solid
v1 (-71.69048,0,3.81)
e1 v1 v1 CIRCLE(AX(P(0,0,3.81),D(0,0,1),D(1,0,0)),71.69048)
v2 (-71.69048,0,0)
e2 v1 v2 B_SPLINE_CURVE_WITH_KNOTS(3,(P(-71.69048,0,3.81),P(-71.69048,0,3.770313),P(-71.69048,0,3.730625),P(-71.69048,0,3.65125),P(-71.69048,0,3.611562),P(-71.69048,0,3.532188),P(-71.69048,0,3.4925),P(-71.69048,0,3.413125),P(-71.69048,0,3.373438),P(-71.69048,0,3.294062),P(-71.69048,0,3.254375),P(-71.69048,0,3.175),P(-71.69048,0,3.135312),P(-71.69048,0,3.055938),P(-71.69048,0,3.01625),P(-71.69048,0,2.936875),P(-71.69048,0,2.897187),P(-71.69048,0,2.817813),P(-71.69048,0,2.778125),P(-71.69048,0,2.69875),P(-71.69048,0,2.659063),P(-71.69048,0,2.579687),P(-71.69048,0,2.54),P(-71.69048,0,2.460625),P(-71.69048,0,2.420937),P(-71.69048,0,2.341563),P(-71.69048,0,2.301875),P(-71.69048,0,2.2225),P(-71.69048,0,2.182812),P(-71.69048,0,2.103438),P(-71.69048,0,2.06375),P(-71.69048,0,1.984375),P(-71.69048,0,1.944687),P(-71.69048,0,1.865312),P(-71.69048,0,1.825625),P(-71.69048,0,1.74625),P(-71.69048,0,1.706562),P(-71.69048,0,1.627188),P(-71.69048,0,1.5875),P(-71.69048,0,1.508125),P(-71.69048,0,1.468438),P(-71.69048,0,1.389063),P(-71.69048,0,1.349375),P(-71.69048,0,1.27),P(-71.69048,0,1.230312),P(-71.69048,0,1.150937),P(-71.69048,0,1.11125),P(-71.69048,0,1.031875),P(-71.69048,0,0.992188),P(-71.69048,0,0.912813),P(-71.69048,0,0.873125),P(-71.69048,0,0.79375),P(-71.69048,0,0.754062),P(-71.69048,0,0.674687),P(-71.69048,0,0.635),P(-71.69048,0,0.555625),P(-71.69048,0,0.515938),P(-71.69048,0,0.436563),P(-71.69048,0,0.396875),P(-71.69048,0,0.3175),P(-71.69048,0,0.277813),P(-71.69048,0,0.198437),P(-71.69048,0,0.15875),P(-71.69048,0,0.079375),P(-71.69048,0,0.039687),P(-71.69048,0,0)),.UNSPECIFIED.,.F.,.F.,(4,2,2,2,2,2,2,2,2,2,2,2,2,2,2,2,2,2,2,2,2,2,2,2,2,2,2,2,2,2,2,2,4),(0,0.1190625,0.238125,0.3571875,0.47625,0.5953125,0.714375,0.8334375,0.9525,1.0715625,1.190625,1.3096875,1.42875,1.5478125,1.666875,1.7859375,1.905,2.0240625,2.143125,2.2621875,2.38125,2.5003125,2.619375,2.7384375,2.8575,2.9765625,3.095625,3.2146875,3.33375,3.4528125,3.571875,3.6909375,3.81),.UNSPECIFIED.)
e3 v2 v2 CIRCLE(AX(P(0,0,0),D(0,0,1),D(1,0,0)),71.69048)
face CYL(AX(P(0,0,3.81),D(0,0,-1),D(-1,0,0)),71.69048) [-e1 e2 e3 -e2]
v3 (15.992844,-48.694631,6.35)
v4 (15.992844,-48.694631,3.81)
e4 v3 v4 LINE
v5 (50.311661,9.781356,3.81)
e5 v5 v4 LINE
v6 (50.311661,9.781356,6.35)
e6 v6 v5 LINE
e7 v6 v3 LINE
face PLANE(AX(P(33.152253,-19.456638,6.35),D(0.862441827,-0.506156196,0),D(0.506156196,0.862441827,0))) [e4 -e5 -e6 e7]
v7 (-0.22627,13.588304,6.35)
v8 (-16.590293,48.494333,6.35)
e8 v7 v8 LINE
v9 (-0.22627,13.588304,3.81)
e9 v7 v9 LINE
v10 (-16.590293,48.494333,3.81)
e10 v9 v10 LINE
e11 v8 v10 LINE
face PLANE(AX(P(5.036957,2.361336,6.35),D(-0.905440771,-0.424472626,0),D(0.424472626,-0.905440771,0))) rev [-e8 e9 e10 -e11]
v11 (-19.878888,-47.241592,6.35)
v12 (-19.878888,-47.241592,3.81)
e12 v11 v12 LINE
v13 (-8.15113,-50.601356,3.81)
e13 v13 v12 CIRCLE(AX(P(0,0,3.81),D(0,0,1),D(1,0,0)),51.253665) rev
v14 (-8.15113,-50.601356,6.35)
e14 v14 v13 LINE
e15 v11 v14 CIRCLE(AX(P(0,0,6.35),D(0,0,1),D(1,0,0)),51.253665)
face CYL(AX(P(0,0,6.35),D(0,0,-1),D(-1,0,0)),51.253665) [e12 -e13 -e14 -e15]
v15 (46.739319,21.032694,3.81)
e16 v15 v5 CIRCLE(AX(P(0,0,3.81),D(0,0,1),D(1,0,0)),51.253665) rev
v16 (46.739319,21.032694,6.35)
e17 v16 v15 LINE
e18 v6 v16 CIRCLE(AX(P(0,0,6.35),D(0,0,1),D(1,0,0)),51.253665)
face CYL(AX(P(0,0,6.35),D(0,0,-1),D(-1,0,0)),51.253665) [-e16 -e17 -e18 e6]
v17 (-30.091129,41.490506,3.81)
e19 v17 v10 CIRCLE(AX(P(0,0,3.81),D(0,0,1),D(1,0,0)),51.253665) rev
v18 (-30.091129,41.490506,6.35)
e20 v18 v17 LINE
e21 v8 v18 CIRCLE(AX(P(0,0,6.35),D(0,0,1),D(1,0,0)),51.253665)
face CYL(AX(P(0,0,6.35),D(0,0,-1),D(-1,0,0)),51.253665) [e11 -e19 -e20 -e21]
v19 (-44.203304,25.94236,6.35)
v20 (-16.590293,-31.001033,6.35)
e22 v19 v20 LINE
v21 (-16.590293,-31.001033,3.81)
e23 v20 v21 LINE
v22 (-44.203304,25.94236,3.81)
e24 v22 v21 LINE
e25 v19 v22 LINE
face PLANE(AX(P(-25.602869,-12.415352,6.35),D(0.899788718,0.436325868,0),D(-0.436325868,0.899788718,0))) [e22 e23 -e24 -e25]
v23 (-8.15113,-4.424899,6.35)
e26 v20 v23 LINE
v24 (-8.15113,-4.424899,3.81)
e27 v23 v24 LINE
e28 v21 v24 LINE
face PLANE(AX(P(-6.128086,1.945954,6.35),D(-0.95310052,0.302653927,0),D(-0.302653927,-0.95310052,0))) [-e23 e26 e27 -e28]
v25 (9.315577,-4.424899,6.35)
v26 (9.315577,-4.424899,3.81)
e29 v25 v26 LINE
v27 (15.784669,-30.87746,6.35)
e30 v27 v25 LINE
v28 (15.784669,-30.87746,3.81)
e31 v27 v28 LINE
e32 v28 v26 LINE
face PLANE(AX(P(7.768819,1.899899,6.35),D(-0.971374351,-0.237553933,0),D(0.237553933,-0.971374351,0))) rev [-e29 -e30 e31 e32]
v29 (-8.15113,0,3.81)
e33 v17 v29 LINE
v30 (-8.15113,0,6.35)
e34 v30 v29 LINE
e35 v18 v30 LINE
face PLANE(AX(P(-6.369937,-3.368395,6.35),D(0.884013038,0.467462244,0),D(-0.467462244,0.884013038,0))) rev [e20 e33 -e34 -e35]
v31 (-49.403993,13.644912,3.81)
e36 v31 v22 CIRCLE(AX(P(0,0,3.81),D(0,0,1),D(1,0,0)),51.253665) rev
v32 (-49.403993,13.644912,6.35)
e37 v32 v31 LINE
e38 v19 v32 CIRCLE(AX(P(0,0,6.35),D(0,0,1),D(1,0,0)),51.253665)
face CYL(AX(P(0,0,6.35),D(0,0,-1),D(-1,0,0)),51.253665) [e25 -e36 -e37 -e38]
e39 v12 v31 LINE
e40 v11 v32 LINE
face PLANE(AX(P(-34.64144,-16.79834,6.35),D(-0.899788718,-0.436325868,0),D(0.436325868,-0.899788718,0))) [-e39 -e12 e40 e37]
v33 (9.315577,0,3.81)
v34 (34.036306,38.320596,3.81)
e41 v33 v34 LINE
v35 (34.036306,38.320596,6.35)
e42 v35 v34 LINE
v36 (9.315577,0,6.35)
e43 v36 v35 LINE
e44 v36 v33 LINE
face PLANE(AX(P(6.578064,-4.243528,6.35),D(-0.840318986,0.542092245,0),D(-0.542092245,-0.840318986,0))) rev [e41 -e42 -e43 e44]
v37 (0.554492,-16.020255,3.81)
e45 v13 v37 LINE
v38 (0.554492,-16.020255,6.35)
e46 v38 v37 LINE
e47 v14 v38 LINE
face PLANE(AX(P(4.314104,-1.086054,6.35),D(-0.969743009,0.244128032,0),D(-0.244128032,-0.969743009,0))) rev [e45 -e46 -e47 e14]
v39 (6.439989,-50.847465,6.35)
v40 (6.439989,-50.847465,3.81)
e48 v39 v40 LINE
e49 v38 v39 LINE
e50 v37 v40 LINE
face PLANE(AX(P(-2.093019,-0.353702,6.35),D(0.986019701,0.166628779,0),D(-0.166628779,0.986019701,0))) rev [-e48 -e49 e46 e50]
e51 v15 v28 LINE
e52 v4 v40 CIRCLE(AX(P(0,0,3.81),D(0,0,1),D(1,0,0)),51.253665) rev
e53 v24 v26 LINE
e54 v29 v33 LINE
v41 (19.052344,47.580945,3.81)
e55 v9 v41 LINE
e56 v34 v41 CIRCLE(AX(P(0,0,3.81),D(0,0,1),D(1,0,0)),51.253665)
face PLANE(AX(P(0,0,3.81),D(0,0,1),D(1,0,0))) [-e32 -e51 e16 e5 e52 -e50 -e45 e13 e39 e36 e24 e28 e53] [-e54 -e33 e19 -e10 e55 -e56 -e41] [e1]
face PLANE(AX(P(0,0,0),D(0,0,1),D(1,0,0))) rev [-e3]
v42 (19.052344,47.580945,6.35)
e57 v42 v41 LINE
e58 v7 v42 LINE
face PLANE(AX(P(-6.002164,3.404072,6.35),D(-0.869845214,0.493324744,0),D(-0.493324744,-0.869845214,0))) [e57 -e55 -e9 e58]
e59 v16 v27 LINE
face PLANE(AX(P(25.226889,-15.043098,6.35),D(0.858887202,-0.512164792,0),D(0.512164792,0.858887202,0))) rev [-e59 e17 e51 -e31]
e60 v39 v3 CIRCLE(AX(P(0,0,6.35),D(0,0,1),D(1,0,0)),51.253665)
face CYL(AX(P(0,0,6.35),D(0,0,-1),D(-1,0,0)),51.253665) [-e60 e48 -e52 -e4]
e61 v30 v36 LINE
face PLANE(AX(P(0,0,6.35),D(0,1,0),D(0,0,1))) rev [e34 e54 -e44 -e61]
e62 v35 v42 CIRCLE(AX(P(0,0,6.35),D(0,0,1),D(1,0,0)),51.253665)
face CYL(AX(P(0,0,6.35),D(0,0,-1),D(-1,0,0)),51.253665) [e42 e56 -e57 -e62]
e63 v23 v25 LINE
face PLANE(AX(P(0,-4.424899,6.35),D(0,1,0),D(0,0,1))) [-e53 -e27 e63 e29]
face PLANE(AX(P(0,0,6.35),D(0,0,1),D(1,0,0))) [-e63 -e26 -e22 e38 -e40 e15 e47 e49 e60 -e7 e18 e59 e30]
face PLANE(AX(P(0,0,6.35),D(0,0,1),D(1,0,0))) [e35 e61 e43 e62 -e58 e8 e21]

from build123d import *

# Parameters (mm, degrees)
SKETCH1_R            = 58.990480392
BOSS_EXTRUDE4_DEPTH  = 3.81
BOSS_EXTRUDE8_DEPTH  = 6.35
BOSS_EXTRUDE11_DEPTH = 6.35
BOSS_EXTRUDE12_DEPTH = 1.27
BOSS_EXTRUDE13_DEPTH = 3.81
SKETCH1_10_R         = 71.690480392
BOSS_EXTRUDE14_DEPTH = 3.81


with BuildPart() as part:
    # Sketch1 → Boss-Extrude4 (new body)
    with BuildSketch(Plane.XY):
        Circle(SKETCH1_R)
        with BuildLine():
            ThreePointArc((-44.203304283, 25.942359996), (-37.95196843, 34.446861163), (-30.091128704, 41.490506444))
            ThreePointArc((-30.091128704, 41.490506444), (-23.601953109, 45.495999397), (-16.590293497, 48.494332797))
            ThreePointArc((-16.590293497, 48.494332797), (1.313009125, 51.236843763), (19.052344379, 47.580944982))
            ThreePointArc((19.052344379, 47.580944982), (26.945123943, 43.599294116), (34.03630553, 38.320595736))
            ThreePointArc((34.03630553, 38.320595736), (41.302460875, 30.348721182), (46.739319117, 21.032693603))
            ThreePointArc((46.739319117, 21.032693603), (48.850499882, 15.510216406), (50.311661027, 9.781355549))
            ThreePointArc((50.311661027, 9.781355549), (51.017620288, 4.913305593), (51.253664764, 0))
            ThreePointArc((51.253664764, 0), (41.512829585, -30.060324875), (15.99284446, -48.694630893))
            ThreePointArc((15.99284446, -48.694630893), (11.267949041, -49.99971476), (6.439988792, -50.847464992))
            ThreePointArc((6.439988792, -50.847464992), (-0.864374418, -51.246375565), (-8.151129624, -50.601356084))
            ThreePointArc((-8.151129624, -50.601356084), (-14.115327494, -49.271651905), (-19.878887571, -47.24159164))
            ThreePointArc((-19.878887571, -47.24159164), (-46.117469302, -22.363299776), (-49.403992946, 13.644912337))
            ThreePointArc((-49.403992946, 13.644912337), (-47.205808206, 19.963712664), (-44.203304283, 25.942359996))
        make_face(mode=Mode.SUBTRACT)
    extrude(amount=BOSS_EXTRUDE4_DEPTH)

    # Sketch1<5> → Boss-Extrude8 (add)
    with BuildSketch(Plane.XY):
        with BuildLine():
            ThreePointArc((-16.590293497, 48.494332797), (-23.601953109, 45.495999397), (-30.091128704, 41.490506444))
            Line((-30.091128704, 41.490506444), (-8.151129624, 0))
            Line((-8.151129624, 0), (9.315576713, 0))
            Line((9.315576713, 0), (34.03630553, 38.320595736))
            ThreePointArc((34.03630553, 38.320595736), (26.945123943, 43.599294116), (19.052344379, 47.580944982))
            Line((19.052344379, 47.580944982), (-0.226270451, 13.588304137))
            Line((-0.226270451, 13.588304137), (-16.590293497, 48.494332797))
        make_face()
    extrude(amount=BOSS_EXTRUDE8_DEPTH)

    # Sketch1<7> → Boss-Extrude11 (add)
    with BuildSketch(Plane.XY):
        with BuildLine():
            Line((-16.590293497, -31.001033422), (-44.203304283, 25.942359996))
            ThreePointArc((-44.203304283, 25.942359996), (-47.205808206, 19.963712664), (-49.403992946, 13.644912337))
            Line((-49.403992946, 13.644912337), (-19.878887571, -47.24159164))
            ThreePointArc((-19.878887571, -47.24159164), (-14.115327494, -49.271651905), (-8.151129624, -50.601356084))
            Line((-8.151129624, -50.601356084), (0.554492374, -16.020255387))
            Line((0.554492374, -16.020255387), (6.439988792, -50.847464992))
            ThreePointArc((6.439988792, -50.847464992), (11.267949041, -49.99971476), (15.99284446, -48.694630893))
            Line((15.99284446, -48.694630893), (50.311661027, 9.781355549))
            ThreePointArc((50.311661027, 9.781355549), (48.850499882, 15.510216406), (46.739319117, 21.032693603))
            Line((46.739319117, 21.032693603), (15.784668638, -30.877460179))
            Line((15.784668638, -30.877460179), (9.315576713, -4.424898939))
            Line((9.315576713, -4.424898939), (-8.151129624, -4.424898939))
            Line((-8.151129624, -4.424898939), (-16.590293497, -31.001033422))
        make_face()
    extrude(amount=BOSS_EXTRUDE11_DEPTH)

    # Sketch1<8> → Boss-Extrude12 (add)
    with BuildSketch(Plane.XY):
        with BuildLine():
            ThreePointArc((-16.590293497, 48.494332797), (-23.601953109, 45.495999397), (-30.091128704, 41.490506444))
            Line((-30.091128704, 41.490506444), (-8.151129624, 0))
            Line((-8.151129624, 0), (9.315576713, 0))
            Line((9.315576713, 0), (34.03630553, 38.320595736))
            ThreePointArc((34.03630553, 38.320595736), (26.945123943, 43.599294116), (19.052344379, 47.580944982))
            Line((19.052344379, 47.580944982), (-0.226270451, 13.588304137))
            Line((-0.226270451, 13.588304137), (-16.590293497, 48.494332797))
        make_face()
    extrude(amount=BOSS_EXTRUDE12_DEPTH)

    # Sketch1<9> → Boss-Extrude13 (add)
    with BuildSketch(Plane.XY):
        with BuildLine():
            ThreePointArc((-16.590293497, 48.494332797), (-23.601953109, 45.495999397), (-30.091128704, 41.490506444))
            Line((-30.091128704, 41.490506444), (-8.151129624, 0))
            Line((-8.151129624, 0), (9.315576713, 0))
            Line((9.315576713, 0), (34.03630553, 38.320595736))
            ThreePointArc((34.03630553, 38.320595736), (26.945123943, 43.599294116), (19.052344379, 47.580944982))
            Line((19.052344379, 47.580944982), (-0.226270451, 13.588304137))
            Line((-0.226270451, 13.588304137), (-16.590293497, 48.494332797))
        make_face()
        with BuildLine():
            Line((-16.590293497, -31.001033422), (-44.203304283, 25.942359996))
            ThreePointArc((-44.203304283, 25.942359996), (-47.205808206, 19.963712664), (-49.403992946, 13.644912337))
            Line((-49.403992946, 13.644912337), (-19.878887571, -47.24159164))
            ThreePointArc((-19.878887571, -47.24159164), (-14.115327494, -49.271651905), (-8.151129624, -50.601356084))
            Line((-8.151129624, -50.601356084), (0.554492374, -16.020255387))
            Line((0.554492374, -16.020255387), (6.439988792, -50.847464992))
            ThreePointArc((6.439988792, -50.847464992), (11.267949041, -49.99971476), (15.99284446, -48.694630893))
            Line((15.99284446, -48.694630893), (50.311661027, 9.781355549))
            ThreePointArc((50.311661027, 9.781355549), (48.850499882, 15.510216406), (46.739319117, 21.032693603))
            Line((46.739319117, 21.032693603), (15.784668638, -30.877460179))
            Line((15.784668638, -30.877460179), (9.315576713, -4.424898939))
            Line((9.315576713, -4.424898939), (-8.151129624, -4.424898939))
            Line((-8.151129624, -4.424898939), (-16.590293497, -31.001033422))
        make_face()
    extrude(amount=BOSS_EXTRUDE13_DEPTH)

    # Sketch1<10> → Boss-Extrude14 (add)
    with BuildSketch(Plane.XY):
        Circle(SKETCH1_10_R)
    extrude(amount=BOSS_EXTRUDE14_DEPTH)


solid = part.part
